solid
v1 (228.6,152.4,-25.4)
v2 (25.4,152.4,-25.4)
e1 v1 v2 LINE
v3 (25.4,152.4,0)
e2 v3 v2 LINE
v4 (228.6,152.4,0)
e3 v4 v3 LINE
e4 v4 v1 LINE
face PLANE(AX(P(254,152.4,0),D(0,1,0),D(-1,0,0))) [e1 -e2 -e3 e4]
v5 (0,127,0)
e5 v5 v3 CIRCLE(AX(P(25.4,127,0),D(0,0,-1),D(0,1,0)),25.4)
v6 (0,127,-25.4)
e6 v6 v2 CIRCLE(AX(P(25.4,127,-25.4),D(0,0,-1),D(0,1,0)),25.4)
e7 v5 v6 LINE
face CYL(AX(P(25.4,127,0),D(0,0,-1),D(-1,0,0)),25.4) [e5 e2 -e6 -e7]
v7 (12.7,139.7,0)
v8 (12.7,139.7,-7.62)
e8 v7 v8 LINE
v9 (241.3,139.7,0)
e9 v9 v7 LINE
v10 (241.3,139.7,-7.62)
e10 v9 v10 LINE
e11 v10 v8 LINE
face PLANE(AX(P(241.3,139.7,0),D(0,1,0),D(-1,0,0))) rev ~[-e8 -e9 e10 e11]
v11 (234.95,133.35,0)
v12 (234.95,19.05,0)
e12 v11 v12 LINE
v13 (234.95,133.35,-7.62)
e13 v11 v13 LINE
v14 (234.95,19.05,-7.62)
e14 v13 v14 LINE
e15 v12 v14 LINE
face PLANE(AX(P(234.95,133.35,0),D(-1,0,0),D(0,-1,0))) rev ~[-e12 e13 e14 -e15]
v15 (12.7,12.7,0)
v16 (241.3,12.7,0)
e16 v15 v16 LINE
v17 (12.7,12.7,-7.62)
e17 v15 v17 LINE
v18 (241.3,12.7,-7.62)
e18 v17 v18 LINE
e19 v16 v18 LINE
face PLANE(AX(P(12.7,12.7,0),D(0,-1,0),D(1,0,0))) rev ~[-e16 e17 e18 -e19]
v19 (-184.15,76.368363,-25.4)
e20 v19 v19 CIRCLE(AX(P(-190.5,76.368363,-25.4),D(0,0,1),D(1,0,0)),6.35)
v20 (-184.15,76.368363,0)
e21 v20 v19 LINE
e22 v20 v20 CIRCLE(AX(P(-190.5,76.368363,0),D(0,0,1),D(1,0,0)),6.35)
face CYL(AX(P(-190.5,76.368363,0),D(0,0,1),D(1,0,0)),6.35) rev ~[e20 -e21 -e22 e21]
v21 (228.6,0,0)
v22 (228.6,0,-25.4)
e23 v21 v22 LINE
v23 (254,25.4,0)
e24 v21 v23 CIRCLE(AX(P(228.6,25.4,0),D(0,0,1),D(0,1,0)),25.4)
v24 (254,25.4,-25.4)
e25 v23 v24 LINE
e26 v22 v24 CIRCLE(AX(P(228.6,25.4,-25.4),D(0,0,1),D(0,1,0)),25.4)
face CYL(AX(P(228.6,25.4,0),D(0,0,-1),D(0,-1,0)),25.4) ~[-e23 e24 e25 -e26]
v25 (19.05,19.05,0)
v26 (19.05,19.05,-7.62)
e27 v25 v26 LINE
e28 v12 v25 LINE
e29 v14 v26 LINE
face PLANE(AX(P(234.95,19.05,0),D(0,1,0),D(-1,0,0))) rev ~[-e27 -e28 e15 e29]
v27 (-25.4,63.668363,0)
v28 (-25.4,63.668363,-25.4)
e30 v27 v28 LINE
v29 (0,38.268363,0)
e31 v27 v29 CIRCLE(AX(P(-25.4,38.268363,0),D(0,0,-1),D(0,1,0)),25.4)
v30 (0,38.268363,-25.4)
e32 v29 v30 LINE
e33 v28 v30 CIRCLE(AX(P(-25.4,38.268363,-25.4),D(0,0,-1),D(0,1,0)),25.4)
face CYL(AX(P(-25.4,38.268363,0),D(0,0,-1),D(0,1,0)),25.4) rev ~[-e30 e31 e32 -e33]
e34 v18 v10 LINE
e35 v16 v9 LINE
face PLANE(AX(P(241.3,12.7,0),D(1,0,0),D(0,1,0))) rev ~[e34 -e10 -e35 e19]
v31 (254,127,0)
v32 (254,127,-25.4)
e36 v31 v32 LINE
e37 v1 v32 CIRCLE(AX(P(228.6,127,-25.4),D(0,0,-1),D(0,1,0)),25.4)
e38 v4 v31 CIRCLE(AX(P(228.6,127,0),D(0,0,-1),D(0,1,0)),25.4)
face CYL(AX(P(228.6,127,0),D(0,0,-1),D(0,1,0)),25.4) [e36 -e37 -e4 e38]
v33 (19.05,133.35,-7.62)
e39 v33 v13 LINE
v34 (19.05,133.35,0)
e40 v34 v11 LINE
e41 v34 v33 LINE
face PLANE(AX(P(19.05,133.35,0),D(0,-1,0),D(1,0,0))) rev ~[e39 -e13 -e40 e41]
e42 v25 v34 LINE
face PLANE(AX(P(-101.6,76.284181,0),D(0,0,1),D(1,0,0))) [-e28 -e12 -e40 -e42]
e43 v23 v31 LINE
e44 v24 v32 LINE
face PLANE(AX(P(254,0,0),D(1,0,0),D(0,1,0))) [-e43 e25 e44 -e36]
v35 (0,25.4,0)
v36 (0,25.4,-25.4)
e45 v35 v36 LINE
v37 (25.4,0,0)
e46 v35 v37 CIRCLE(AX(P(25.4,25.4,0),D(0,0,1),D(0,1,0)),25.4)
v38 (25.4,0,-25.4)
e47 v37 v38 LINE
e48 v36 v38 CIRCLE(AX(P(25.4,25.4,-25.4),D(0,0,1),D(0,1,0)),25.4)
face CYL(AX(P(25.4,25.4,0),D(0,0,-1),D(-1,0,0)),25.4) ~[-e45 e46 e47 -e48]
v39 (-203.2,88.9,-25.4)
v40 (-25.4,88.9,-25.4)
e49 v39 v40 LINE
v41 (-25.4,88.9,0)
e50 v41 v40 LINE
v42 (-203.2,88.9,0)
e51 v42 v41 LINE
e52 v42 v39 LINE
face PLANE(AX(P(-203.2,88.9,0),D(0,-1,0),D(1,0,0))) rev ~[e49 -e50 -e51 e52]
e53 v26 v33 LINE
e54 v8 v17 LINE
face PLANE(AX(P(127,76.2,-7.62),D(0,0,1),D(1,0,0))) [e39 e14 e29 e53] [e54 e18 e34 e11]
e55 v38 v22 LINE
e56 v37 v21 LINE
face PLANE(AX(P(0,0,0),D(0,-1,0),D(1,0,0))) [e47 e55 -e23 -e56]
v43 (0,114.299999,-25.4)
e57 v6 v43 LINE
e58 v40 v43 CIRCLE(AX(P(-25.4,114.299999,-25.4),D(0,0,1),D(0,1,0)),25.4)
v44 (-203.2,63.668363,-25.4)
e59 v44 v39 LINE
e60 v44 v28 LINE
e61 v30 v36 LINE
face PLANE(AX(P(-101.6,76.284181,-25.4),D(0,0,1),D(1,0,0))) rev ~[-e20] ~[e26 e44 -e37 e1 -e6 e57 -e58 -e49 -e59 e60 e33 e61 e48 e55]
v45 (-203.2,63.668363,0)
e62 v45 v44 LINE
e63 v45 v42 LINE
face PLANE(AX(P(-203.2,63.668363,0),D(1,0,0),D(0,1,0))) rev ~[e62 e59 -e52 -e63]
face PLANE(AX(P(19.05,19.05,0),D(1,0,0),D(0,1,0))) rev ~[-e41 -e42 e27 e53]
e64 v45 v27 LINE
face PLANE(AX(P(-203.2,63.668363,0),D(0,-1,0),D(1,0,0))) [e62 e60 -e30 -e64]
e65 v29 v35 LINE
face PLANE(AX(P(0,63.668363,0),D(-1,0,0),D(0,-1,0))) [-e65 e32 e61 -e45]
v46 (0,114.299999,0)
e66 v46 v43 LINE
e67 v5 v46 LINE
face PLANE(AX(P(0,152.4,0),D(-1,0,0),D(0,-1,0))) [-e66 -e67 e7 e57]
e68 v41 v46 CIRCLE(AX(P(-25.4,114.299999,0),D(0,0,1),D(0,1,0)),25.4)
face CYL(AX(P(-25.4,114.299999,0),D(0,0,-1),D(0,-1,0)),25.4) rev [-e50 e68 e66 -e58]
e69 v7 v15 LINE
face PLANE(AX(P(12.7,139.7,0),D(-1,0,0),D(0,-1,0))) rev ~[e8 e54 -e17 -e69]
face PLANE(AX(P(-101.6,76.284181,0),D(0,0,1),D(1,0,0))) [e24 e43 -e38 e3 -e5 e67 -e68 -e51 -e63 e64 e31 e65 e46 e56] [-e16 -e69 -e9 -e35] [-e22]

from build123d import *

# Parameters (mm, degrees)
F0_W     = 203.2
F0_H     = 25.231637
F1_DEPTH = 25.4
F2_R     = 6.35
F3_DEPTH = 25.4
F5_DEPTH = 7.62
F6_R     = 25.4
F7_R     = 25.4


with BuildPart() as f1:
    # F0 (on Top) → F1 (new body)
    with BuildSketch(Plane.XY):
        with Locations((-101.6, 76.284181)):
            Rectangle(F0_W, F0_H)
        Polygon((0, 63.668363), (0, 0), (254, 0), (254, 152.4), (0, 152.4), (0, 88.9), align=None)
    extrude(amount=-F1_DEPTH)

    # F2 (on face) → F3 (cut)
    with BuildSketch(Plane.XY):
        with Locations((-190.5, 76.368363)):
            Circle(F2_R)
    extrude(amount=-F3_DEPTH, mode=Mode.SUBTRACT)

    # F4 (on face) → F5 (cut)
    with BuildSketch(Plane.XY):
        Polygon((241.3, 139.7), (12.7, 139.7), (12.7, 76.368363), (12.7, 76.2), (12.7, 12.7), (241.3, 12.7), align=None)
        Polygon((19.05, 82.718363), (19.05, 133.35), (234.95, 133.35), (234.95, 19.05), (19.05, 19.05), (19.05, 69.85), align=None, mode=Mode.SUBTRACT)
    extrude(amount=-F5_DEPTH, mode=Mode.SUBTRACT)

    # F6
    f6_edges = [f1.edges().sort_by_distance(p)[0] for p in [
        (0, 152.4, -12.7),
        (0, 88.9, -12.7),
    ]]
    fillet(f6_edges, radius=F6_R)

    # F7
    f7_edges = [f1.edges().sort_by_distance(p)[0] for p in [
        (0, 63.668363, -12.7),
        (0, 0, -12.7),
        (254, 152.4, -12.7),
        (254, 0, -12.7),
    ]]
    fillet(f7_edges, radius=F7_R)


solid = f1.part
